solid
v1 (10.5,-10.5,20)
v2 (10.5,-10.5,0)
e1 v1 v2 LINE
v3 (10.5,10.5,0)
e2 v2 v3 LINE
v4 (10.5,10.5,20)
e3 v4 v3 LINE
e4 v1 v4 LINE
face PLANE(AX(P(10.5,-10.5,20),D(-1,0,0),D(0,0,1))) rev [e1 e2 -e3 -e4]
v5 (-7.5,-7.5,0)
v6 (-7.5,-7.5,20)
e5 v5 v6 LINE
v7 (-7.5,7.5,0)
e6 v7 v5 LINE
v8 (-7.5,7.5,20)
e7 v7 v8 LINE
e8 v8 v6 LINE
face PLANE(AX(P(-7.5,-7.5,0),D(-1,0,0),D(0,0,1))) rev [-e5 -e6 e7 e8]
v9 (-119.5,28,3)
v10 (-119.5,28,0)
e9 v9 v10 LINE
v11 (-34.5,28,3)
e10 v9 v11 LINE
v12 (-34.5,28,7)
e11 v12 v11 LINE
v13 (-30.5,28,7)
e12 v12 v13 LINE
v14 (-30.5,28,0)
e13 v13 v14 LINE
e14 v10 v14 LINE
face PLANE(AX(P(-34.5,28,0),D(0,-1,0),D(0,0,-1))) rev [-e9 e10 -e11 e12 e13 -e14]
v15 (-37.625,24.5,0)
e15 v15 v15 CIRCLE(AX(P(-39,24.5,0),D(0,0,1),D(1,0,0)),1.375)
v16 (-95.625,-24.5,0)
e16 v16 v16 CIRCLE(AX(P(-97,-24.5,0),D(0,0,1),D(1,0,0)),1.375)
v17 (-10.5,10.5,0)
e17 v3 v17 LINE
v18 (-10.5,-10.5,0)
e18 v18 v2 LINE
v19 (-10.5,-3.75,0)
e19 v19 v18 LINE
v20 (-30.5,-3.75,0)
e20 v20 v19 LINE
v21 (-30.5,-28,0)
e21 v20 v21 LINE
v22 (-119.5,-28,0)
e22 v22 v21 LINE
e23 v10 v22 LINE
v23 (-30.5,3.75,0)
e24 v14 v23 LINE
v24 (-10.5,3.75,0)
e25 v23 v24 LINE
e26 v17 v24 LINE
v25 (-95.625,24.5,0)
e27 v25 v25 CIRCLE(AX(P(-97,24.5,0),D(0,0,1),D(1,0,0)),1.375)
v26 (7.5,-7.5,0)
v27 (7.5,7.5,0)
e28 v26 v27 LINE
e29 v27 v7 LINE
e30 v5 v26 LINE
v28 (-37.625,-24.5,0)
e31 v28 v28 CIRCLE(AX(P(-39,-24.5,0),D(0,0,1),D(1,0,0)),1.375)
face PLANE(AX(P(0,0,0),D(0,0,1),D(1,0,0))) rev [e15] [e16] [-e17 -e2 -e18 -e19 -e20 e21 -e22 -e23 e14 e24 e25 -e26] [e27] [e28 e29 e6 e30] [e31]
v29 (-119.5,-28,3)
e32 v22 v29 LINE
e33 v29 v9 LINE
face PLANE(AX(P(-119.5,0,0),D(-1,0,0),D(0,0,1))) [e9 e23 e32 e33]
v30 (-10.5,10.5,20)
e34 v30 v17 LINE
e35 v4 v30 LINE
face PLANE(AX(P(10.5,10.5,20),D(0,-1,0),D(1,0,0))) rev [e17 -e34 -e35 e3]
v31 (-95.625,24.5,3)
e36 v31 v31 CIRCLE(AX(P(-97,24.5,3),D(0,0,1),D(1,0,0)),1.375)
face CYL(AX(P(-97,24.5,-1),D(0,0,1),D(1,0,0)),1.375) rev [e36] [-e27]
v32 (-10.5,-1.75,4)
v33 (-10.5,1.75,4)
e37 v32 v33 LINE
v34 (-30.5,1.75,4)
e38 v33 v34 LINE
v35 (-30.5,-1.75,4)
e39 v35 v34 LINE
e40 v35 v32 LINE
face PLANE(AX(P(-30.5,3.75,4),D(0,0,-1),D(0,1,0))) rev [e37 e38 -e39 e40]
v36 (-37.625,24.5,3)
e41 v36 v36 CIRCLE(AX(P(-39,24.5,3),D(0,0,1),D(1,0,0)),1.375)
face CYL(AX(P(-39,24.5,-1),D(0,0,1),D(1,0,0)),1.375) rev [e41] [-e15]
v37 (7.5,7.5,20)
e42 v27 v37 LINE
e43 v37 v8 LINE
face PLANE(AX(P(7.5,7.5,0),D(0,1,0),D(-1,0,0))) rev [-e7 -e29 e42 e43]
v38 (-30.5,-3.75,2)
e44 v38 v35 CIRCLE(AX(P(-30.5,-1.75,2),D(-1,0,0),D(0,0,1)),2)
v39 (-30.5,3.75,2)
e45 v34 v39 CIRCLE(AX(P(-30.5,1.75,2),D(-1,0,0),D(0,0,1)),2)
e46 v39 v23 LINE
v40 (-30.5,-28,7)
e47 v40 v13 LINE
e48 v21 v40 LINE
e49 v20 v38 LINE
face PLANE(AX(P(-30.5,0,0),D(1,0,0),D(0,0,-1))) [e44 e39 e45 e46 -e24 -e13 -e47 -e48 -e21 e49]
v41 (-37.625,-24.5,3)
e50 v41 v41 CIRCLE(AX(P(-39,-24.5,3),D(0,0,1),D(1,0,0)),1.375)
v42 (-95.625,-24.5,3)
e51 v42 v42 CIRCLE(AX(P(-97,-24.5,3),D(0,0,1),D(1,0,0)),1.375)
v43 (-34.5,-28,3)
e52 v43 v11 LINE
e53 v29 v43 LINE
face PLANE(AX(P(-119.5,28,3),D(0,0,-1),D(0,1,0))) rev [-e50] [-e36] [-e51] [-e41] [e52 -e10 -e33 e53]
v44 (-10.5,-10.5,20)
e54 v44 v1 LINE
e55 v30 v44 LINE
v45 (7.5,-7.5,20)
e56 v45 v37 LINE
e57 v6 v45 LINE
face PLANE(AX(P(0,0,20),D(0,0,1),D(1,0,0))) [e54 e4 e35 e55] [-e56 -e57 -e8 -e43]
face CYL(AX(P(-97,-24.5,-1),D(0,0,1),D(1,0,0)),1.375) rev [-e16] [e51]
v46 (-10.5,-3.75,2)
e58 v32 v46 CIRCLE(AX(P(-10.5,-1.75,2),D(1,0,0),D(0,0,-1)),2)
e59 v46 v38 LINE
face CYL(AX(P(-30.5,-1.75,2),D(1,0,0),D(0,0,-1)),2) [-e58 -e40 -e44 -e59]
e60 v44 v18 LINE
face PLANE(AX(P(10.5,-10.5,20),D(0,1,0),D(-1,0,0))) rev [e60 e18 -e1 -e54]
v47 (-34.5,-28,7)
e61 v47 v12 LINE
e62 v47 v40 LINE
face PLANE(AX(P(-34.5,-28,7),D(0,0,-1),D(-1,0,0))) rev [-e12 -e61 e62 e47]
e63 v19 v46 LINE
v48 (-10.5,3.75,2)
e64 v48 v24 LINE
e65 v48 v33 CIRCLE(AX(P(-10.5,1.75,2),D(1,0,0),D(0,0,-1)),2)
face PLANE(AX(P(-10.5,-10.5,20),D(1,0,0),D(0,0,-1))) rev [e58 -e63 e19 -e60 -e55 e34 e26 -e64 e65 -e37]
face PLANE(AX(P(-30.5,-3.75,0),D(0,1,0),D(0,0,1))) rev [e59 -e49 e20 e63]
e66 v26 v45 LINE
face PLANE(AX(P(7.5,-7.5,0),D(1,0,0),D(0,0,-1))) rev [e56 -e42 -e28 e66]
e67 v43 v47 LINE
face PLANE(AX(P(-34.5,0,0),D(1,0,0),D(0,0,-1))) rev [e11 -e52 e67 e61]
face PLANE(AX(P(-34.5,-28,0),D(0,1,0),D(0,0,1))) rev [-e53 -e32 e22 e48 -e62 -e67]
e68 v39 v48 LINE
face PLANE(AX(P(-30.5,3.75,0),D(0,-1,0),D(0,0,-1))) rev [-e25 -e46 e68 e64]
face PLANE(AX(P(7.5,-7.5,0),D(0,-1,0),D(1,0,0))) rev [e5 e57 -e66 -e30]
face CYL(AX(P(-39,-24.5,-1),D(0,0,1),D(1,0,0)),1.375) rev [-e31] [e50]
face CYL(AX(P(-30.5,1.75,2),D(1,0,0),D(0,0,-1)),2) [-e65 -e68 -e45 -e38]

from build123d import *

# Parameters (mm, degrees)
SKETCH2_W           = 21
SKETCH2_H           = 21
BOSS_EXTRUDE1_DEPTH = 20
SKETCH3_W           = 15
SKETCH3_H           = 15
CUT_EXTRUDE1_DEPTH  = 20
SKETCH4_W           = 4
SKETCH4_H           = 7.5
BOSS_EXTRUDE2_DEPTH = 20
FILLET2_R           = 2
SKETCH5_W           = 7
SKETCH5_H           = 56
BOSS_EXTRUDE3_DEPTH = 4
SKETCH6_W           = 3
SKETCH6_H           = 56
BOSS_EXTRUDE4_DEPTH = 85
SKETCH8_R           = 1.375
CUT_EXTRUDE2_DEPTH  = 4


with BuildPart() as part:
    # Sketch2 → Boss-Extrude1 (new body)
    with BuildSketch(Plane.XY):
        Rectangle(SKETCH2_W, SKETCH2_H)
    extrude(amount=BOSS_EXTRUDE1_DEPTH)

    # Sketch3 → Cut-Extrude1 (cut)
    with BuildSketch(Plane.XY.offset(20)):
        Rectangle(SKETCH3_W, SKETCH3_H)
    extrude(amount=-CUT_EXTRUDE1_DEPTH, mode=Mode.SUBTRACT)

    # Sketch4 → Boss-Extrude2 (add)
    with BuildSketch(Plane.ZY.offset(10.5)):
        with Locations((2, 0)):
            Rectangle(SKETCH4_W, SKETCH4_H)
    extrude(amount=BOSS_EXTRUDE2_DEPTH)

    # Fillet2
    fillet2_edges = [part.edges().sort_by_distance(p)[0] for p in [
        (-20.5, -3.75, 4),
        (-20.5, 3.75, 4),
    ]]
    fillet(fillet2_edges, radius=FILLET2_R)

    # Sketch5 → Boss-Extrude3 (add)
    with BuildSketch(Plane.ZY.offset(30.5)):
        with Locations((3.5, 0)):
            Rectangle(SKETCH5_W, SKETCH5_H)
    extrude(amount=BOSS_EXTRUDE3_DEPTH)

    # Sketch6 → Boss-Extrude4 (add)
    with BuildSketch(Plane.ZY.offset(34.5)):
        with Locations((1.5, 0)):
            Rectangle(SKETCH6_W, SKETCH6_H)
    extrude(amount=BOSS_EXTRUDE4_DEPTH)

    # Sketch8 → Cut-Extrude2 (cut)
    with BuildSketch(Plane.XY.offset(3)):
        with Locations((-39, -24.5)):
            Circle(SKETCH8_R)
        with Locations((-39, 24.5)):
            Circle(SKETCH8_R)
        with Locations((-97, -24.5)):
            Circle(SKETCH8_R)
        with Locations((-97, 24.5)):
            Circle(SKETCH8_R)
    extrude(amount=-CUT_EXTRUDE2_DEPTH, mode=Mode.SUBTRACT)


solid = part.part
